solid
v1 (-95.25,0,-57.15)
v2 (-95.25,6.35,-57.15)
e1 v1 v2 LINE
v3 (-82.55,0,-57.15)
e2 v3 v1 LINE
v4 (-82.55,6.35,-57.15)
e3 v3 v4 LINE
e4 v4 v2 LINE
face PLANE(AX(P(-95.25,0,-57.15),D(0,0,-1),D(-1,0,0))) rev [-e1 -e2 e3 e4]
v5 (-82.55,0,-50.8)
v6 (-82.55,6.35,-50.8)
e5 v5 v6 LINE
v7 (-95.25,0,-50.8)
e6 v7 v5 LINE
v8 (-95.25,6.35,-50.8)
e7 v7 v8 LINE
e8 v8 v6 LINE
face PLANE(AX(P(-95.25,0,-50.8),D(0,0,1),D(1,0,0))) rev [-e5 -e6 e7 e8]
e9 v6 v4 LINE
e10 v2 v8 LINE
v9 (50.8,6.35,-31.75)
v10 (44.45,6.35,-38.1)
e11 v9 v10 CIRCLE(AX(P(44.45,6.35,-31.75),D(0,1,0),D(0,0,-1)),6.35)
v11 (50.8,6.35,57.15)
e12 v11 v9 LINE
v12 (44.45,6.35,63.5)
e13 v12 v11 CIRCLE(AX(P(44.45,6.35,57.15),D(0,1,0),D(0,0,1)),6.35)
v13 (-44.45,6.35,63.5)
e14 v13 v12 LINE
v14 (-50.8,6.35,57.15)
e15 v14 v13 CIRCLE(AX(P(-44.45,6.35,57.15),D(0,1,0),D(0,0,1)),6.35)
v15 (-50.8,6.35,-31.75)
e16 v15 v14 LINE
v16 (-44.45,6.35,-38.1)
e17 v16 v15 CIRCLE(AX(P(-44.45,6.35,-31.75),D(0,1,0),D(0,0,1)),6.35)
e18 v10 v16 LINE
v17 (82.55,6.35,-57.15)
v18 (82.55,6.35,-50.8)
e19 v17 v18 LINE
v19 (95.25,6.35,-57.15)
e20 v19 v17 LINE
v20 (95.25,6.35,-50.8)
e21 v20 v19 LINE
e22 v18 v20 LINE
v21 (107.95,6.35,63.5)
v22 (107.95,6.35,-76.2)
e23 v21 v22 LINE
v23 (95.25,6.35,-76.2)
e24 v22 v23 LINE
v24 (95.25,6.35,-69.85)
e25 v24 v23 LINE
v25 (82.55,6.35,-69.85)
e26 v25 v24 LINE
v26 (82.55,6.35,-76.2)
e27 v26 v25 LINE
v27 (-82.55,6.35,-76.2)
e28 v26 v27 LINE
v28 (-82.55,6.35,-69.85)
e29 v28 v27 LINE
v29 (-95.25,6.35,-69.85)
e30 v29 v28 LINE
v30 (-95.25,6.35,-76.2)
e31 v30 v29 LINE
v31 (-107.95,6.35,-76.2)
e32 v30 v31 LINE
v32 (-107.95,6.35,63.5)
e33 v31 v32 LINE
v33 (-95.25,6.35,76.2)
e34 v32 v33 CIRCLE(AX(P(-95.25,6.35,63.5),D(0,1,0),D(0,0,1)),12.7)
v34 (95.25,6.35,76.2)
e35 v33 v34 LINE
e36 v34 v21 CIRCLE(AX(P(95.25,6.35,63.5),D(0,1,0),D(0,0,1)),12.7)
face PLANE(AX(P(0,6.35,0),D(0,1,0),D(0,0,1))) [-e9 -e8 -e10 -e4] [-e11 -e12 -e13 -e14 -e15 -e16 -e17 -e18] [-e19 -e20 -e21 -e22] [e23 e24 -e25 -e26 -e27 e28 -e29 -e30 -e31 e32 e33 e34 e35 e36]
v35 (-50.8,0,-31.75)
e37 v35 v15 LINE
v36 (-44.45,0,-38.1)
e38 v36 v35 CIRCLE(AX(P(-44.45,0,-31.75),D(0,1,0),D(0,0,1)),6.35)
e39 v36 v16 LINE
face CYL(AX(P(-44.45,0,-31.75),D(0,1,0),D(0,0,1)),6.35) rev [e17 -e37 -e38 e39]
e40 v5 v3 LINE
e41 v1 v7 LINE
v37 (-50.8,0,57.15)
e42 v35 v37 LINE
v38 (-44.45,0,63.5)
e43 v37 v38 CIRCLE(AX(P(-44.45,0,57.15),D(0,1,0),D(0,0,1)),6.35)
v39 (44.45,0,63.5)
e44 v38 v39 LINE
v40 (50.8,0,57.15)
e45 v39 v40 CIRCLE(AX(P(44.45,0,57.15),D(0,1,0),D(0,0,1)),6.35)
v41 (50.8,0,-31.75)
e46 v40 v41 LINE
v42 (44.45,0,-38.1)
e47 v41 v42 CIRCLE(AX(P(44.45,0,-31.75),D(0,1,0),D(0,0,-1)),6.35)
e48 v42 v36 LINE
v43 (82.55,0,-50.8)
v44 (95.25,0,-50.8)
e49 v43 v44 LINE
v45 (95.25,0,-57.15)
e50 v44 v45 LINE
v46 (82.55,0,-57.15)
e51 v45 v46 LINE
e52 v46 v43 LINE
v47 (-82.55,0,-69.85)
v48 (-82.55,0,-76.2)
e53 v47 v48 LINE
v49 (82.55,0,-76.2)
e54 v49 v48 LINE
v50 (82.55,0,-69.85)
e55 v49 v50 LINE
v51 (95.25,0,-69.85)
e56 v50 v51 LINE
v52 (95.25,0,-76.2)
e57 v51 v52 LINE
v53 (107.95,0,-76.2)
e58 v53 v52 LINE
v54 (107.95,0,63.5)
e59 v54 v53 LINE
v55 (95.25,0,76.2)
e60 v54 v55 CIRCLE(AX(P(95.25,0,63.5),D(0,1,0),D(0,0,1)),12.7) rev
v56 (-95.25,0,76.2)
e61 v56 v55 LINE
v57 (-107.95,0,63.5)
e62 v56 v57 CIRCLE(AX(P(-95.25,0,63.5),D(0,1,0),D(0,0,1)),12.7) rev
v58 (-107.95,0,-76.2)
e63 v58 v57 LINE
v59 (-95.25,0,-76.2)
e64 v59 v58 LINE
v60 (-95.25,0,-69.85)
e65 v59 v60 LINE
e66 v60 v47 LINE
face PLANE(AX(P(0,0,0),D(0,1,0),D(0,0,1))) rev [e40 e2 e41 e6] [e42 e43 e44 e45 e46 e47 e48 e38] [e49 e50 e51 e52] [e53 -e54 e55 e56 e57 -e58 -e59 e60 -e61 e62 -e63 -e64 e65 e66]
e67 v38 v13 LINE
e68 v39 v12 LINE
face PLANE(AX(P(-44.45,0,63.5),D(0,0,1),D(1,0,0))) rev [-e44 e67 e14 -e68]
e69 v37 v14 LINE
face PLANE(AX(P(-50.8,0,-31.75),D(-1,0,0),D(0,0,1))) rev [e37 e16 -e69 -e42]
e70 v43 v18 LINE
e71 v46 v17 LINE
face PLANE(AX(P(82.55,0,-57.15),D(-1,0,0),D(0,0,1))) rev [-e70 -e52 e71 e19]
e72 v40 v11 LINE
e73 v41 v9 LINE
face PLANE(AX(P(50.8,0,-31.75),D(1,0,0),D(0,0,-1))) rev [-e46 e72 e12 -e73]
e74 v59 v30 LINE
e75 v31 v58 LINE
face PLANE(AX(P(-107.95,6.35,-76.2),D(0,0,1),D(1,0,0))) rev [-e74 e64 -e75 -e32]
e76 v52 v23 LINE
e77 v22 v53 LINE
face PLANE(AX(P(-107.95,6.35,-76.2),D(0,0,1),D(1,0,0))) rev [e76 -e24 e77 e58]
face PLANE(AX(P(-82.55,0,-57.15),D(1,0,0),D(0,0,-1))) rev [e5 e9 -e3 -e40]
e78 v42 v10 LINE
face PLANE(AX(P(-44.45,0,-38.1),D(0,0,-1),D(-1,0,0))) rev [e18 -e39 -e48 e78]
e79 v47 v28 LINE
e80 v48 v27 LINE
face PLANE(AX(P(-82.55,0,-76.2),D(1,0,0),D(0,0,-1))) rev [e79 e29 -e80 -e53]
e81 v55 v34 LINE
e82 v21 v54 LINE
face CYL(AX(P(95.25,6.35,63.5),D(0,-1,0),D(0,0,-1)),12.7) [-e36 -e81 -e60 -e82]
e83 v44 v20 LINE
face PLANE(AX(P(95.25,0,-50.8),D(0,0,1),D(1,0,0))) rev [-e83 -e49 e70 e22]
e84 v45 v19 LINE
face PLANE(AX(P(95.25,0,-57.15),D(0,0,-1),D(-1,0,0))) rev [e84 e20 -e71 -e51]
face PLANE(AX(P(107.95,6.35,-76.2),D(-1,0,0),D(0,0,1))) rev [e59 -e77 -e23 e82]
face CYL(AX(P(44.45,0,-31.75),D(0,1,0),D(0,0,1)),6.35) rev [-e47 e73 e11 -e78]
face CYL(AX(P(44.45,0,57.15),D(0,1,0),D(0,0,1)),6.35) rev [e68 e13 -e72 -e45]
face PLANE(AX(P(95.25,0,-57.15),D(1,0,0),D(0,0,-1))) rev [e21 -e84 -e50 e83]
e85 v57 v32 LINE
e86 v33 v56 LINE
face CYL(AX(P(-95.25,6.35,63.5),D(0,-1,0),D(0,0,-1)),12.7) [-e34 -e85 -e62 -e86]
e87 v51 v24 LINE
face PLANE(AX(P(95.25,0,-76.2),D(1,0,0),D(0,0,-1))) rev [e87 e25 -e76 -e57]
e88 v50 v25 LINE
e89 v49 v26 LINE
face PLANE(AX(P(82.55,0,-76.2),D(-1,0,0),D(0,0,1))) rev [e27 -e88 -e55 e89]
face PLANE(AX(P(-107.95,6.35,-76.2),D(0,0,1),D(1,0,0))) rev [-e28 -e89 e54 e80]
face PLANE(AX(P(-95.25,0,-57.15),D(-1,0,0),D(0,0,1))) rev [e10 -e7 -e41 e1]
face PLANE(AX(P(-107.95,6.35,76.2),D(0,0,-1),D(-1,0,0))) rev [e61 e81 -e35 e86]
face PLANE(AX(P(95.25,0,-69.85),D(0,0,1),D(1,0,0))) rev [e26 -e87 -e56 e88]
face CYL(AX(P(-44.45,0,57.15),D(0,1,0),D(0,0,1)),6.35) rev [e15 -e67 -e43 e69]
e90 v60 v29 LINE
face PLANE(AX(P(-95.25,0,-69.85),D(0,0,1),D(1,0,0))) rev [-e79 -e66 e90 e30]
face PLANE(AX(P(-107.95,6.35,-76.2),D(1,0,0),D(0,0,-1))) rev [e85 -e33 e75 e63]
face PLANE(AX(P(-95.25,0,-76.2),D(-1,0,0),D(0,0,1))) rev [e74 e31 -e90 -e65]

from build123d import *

# Parameters (mm, degrees)
ESQUISSE2_W                  = 215.9
ESQUISSE2_H                  = 152.4
BOSS_EXTRU_1_DEPTH           = 6.35
ENL_V_MAT_EXTRU_1_DEPTH      = 133.287433266
ENL_V_MAT_EXTRU_1_DEPTH_BACK = 133.287433266
ESQUISSE3_W                  = 12.7
ESQUISSE3_H                  = 6.35
CONG_1_R                     = 12.7
ENL_V_MAT_EXTRU_2_DEPTH      = 133.287433266


with BuildPart() as part:
    # Esquisse2 → Boss.-Extru.1 (new body)
    with BuildSketch(Plane(origin=(0, 0, 0), x_dir=(1, 0, 0), z_dir=(0, 1, 0))):
        Rectangle(ESQUISSE2_W, ESQUISSE2_H)
    extrude(amount=BOSS_EXTRU_1_DEPTH)

    # Esquisse3 → Enlèv. mat.-Extru.1 (cut, two sides: drawn at the far end of the back side and taken through both)
    with BuildSketch(Plane(origin=(0, 6.35, 0), x_dir=(1, 0, 0), z_dir=(0, 1, 0)).offset(-ENL_V_MAT_EXTRU_1_DEPTH_BACK)):
        with Locations((-88.9, 73.025)):
            Rectangle(ESQUISSE3_W, ESQUISSE3_H)
        with Locations((-88.9, 53.975)):
            Rectangle(ESQUISSE3_W, ESQUISSE3_H)
        with Locations((88.9, 53.975)):
            Rectangle(ESQUISSE3_W, ESQUISSE3_H)
        with Locations((88.9, 73.025)):
            Rectangle(ESQUISSE3_W, ESQUISSE3_H)
    extrude(amount=ENL_V_MAT_EXTRU_1_DEPTH + ENL_V_MAT_EXTRU_1_DEPTH_BACK, mode=Mode.SUBTRACT)

    # Congé1
    cong_1_edges = [part.edges().sort_by_distance(p)[0] for p in [
        (107.95, 3.175, 76.2),
        (-107.95, 3.175, 76.2),
    ]]
    fillet(cong_1_edges, radius=CONG_1_R)

    # Esquisse4 → Enlèv. mat.-Extru.2 (cut, through all)
    with BuildSketch(Plane(origin=(0, 6.35, 0), x_dir=(1, 0, 0), z_dir=(0, 1, 0))):
        with BuildLine():
            Line((-44.45, 38.1), (44.45, 38.1))
            ThreePointArc((44.45, 38.1), (48.940128061, 36.240128061), (50.8, 31.75))
            Line((50.8, 31.75), (50.8, -57.15))
            ThreePointArc((50.8, -57.15), (48.940128061, -61.640128061), (44.45, -63.5))
            Line((44.45, -63.5), (-44.45, -63.5))
            ThreePointArc((-44.45, -63.5), (-48.940128061, -61.640128061), (-50.8, -57.15))
            Line((-50.8, -57.15), (-50.8, 31.75))
            ThreePointArc((-50.8, 31.75), (-48.940128061, 36.240128061), (-44.45, 38.1))
        make_face()
    extrude(amount=-ENL_V_MAT_EXTRU_2_DEPTH, mode=Mode.SUBTRACT)


solid = part.part
